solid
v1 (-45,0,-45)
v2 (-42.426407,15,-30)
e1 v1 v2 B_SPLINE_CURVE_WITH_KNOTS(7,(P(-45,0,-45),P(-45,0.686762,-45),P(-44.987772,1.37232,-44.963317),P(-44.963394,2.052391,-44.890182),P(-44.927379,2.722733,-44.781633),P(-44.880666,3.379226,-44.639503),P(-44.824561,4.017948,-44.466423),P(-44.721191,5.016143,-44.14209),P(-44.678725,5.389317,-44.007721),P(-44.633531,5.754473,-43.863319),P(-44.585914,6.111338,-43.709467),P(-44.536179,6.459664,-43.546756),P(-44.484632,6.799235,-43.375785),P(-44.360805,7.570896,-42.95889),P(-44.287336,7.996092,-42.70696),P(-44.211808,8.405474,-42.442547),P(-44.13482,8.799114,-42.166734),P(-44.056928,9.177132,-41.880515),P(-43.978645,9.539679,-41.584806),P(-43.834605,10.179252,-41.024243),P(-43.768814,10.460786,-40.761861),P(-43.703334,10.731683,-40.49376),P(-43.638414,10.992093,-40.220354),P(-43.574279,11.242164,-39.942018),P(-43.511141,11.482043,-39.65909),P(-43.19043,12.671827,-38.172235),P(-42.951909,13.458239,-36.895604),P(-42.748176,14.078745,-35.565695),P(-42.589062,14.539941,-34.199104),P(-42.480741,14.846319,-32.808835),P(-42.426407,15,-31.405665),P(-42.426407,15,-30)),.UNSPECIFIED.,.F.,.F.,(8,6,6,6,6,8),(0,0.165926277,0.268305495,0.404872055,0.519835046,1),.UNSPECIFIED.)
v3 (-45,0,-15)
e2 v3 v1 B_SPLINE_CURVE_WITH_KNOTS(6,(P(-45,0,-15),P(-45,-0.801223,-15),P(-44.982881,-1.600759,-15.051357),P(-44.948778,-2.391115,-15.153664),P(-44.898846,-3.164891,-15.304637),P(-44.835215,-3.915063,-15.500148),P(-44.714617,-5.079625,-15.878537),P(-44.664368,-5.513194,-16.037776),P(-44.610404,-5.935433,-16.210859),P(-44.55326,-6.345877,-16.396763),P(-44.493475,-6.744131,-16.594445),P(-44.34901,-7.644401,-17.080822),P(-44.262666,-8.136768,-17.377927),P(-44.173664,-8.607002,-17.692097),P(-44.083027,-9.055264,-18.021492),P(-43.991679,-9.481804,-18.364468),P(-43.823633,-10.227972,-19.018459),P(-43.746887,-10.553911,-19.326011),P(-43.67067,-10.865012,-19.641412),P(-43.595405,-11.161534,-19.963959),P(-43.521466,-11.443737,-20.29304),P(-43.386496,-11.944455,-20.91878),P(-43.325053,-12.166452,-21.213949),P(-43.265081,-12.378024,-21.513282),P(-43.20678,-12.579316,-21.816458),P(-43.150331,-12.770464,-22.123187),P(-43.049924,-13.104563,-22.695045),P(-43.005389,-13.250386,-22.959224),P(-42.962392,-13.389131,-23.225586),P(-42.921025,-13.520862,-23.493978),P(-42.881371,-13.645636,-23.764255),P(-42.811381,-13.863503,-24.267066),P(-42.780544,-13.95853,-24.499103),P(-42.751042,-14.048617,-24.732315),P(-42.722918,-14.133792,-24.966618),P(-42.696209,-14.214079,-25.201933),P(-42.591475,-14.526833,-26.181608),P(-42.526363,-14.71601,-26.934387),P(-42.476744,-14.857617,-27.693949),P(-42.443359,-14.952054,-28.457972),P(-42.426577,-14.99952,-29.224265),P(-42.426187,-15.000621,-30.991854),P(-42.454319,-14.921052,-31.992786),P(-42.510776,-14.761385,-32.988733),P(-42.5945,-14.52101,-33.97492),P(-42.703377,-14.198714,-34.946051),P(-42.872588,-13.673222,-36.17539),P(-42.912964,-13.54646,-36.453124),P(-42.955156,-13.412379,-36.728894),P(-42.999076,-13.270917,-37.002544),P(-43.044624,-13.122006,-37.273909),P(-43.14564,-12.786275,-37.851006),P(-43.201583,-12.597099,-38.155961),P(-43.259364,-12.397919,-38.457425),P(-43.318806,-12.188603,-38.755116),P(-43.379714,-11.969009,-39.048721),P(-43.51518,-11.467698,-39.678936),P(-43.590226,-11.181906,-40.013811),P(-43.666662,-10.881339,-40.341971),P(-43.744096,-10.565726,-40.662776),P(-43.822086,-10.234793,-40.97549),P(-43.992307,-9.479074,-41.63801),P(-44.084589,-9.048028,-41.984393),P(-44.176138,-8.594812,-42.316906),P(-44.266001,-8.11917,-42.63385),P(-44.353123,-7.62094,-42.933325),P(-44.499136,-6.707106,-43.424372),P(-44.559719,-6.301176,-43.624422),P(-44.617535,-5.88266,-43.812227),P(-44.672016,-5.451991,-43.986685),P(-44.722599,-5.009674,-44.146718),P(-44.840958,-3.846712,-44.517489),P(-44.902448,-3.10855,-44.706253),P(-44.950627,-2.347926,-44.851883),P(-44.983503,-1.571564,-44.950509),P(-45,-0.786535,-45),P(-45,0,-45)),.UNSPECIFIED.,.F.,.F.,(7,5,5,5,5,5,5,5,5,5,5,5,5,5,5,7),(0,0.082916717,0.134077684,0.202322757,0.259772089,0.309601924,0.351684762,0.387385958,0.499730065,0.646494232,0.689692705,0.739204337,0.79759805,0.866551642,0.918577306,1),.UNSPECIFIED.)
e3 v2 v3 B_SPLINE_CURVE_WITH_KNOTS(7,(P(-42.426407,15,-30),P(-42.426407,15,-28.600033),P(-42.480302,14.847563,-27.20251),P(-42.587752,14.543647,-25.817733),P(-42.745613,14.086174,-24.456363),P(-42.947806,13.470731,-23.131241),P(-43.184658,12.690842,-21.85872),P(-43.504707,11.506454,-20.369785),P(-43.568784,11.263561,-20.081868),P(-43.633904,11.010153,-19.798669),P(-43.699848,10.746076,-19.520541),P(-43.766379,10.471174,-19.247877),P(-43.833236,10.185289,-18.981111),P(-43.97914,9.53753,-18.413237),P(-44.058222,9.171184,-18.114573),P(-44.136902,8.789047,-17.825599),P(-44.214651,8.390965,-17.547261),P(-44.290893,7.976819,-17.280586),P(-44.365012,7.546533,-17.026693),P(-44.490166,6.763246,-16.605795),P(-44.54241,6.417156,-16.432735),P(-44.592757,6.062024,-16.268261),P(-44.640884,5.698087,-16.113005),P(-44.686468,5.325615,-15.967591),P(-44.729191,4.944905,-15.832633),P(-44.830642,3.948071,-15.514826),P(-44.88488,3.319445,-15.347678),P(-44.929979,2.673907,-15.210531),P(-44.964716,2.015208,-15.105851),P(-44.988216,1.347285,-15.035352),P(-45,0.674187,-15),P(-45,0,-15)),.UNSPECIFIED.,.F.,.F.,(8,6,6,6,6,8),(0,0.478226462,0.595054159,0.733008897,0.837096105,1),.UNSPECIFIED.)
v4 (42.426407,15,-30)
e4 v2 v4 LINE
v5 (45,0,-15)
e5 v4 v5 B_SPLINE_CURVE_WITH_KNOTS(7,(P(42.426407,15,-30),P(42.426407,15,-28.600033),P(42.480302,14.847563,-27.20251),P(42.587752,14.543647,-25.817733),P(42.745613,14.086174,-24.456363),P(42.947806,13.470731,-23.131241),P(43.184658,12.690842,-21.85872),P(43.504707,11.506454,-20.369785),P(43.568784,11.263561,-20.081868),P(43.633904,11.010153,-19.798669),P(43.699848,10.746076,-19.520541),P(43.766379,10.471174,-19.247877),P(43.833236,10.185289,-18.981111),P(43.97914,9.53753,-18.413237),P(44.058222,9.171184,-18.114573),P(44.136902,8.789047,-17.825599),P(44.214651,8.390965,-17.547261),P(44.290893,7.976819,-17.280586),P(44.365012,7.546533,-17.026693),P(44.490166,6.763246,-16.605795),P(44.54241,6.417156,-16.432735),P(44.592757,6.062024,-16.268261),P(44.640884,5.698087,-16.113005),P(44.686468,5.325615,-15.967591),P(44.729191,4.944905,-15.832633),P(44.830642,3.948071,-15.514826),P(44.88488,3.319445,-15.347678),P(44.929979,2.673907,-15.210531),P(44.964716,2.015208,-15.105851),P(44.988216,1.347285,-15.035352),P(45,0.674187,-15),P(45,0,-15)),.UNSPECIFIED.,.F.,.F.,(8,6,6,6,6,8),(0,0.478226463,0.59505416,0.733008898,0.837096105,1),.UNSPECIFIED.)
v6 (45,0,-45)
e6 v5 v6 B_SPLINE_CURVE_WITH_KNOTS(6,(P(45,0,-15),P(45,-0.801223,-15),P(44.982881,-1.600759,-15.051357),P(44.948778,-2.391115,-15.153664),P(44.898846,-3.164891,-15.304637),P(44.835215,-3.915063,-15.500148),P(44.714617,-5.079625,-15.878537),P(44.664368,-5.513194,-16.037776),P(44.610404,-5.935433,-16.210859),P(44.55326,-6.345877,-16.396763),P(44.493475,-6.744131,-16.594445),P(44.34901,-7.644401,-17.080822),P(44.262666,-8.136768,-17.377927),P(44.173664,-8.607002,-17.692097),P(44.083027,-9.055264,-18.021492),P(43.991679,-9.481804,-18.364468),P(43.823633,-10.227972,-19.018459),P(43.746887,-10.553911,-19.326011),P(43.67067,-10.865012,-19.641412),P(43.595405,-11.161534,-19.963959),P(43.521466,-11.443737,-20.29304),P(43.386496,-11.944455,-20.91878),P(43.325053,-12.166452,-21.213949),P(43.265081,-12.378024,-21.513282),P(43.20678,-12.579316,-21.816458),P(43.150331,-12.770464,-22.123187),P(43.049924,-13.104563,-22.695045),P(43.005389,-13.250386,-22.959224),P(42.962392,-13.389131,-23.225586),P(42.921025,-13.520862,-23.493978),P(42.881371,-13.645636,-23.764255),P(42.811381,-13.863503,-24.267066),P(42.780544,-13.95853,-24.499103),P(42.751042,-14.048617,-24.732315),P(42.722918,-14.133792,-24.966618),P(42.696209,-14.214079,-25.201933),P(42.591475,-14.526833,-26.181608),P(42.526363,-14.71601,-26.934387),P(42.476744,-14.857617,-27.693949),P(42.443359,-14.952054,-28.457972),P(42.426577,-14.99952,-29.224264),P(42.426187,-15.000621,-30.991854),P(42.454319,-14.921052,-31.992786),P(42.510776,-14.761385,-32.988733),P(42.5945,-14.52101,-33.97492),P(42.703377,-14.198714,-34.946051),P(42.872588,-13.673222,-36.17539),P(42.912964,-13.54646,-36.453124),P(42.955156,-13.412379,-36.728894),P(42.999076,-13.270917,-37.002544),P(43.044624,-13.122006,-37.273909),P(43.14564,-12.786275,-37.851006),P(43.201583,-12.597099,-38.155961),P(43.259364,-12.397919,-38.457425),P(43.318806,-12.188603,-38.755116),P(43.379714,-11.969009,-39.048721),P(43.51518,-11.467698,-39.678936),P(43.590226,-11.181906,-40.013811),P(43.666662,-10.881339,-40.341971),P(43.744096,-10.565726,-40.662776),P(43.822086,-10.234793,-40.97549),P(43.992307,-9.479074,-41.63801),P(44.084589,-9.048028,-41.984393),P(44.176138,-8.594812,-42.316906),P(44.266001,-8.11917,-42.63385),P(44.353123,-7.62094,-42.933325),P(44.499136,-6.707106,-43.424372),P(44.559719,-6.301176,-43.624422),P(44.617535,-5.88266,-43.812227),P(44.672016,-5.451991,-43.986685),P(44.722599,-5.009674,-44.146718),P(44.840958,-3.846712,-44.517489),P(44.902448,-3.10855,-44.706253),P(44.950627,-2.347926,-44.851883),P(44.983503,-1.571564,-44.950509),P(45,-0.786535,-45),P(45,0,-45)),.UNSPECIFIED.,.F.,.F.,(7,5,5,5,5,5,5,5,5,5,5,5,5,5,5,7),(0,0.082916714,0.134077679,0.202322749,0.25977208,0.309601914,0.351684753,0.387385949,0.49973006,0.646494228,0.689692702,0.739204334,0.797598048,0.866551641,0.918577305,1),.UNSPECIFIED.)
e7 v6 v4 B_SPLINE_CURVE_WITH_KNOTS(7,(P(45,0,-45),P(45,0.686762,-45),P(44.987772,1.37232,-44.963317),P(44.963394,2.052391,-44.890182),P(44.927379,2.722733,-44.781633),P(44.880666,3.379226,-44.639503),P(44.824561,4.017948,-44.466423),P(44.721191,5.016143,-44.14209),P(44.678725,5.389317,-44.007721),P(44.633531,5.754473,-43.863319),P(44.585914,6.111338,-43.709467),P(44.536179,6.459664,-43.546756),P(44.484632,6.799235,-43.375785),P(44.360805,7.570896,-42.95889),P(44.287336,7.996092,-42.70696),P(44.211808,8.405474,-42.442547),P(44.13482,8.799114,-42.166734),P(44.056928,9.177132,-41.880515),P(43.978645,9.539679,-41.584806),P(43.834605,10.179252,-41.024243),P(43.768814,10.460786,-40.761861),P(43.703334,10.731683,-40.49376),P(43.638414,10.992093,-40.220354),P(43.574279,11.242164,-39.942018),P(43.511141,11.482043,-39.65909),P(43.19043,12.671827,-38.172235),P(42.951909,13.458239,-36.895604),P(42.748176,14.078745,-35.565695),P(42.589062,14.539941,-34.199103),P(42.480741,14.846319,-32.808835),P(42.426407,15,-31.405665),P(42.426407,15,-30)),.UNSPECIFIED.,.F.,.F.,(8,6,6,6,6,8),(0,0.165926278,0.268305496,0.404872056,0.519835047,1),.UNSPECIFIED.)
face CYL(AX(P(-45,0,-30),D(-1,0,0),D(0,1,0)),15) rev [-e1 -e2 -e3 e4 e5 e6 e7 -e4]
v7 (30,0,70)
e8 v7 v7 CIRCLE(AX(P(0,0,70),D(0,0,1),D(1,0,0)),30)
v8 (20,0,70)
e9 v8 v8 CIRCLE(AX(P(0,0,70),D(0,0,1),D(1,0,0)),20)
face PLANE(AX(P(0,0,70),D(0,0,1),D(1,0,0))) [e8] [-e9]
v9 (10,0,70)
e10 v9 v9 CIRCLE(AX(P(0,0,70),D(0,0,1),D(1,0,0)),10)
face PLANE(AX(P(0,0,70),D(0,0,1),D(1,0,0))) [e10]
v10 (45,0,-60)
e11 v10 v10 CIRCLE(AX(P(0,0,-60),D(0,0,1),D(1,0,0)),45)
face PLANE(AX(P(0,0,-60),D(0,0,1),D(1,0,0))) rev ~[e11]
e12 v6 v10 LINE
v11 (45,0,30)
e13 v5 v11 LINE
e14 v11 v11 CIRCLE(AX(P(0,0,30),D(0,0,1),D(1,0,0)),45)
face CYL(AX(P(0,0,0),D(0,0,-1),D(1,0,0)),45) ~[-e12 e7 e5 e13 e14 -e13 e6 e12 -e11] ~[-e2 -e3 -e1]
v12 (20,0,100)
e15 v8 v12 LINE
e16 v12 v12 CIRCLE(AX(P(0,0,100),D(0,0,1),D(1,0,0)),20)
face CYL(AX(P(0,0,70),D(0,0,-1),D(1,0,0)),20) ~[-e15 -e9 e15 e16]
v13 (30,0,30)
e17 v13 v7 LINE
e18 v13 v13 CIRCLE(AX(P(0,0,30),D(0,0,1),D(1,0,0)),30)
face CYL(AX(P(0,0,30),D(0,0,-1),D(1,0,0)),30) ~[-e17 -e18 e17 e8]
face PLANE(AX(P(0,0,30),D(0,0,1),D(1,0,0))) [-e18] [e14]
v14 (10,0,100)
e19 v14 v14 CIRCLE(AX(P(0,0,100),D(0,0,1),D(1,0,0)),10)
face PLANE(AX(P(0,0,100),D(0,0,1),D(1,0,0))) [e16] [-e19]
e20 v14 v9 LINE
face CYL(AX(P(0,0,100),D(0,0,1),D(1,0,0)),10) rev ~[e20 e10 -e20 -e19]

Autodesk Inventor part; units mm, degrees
ref_plane "XZ Plane" through (0, 0, 0) normal (0, 1, 0) x (-1, 0, 0)
sketch "Sketch1" plane through (0, 0, 0) normal (0, 0, 1) x (1, 0, 0)
  circle A0 centre (0, 0) radius 45
  dimension "d0" = 90
extrude "Extrusion1" add sketch "Sketch1" along normal blind 30 and the other way blind 60
sketch "Sketch2" plane through (0, 0, 30) normal (0, 0, 1) x (1, 0, 0)
  circle A0 centre (0, 0) radius 45 projected
  circle A1 centre (0, 0) radius 30
  dimension "d3" = 60
extrude "Extrusion2" add sketch "Sketch2" along normal blind 40 contours A1
sketch "Sketch3" plane through (0, 0, 70) normal (0, 0, 1) x (1, 0, 0)
  circle A0 centre (0, 0) radius 30 projected
  circle A1 centre (0, 0) radius 20
  dimension "d6" = 40
extrude "Extrusion3" add sketch "Sketch3" along normal blind 30 contours A1
sketch "Sketch4" plane through (0, 0, 100) normal (0, 0, 1) x (1, 0, 0)
  circle A0 centre (0, 0) radius 10
  dimension "d9" = 20
extrude "Extrusion4" cut sketch "Sketch4" against normal blind 30
ref_plane "Work Plane1" through (-45, 0, 0) normal (1, 0, 0) x (0, 1, 0)
sketch "Sketch5" plane through (-45, 0, 0) normal (1, 0, 0) x (0, 1, 0)
  point P0 (0, 0)
sketch "Sketch6" plane through (0, 0, 0) normal (1, 0, 0) x (0, 1, 0)
  point P0 (0, 0)
  point P1 (45, 0)
  point P2 (-45, 0)
  point P3 (-30, 0)
  point P4 (30, 0)
ref_plane "Work Plane2" through (-45, 0, 0) normal (1, 0, 0) x (0, 1, 0)
sketch "Sketch7" plane through (-45, 0, 0) normal (1, 0, 0) x (0, 1, 0)
  line L0 (-45, -60) -> (45, -60) projected
  circle A0 centre (0, -30) radius 15
  point P0 (0, 0)
  dimension "d25" = 30
extrude "Extrusion5" cut sketch "Sketch7" along normal through all
sketch "Sketch8" plane through (0, 0, -60) normal (0, 0, -1) x (-1, 0, 0)
  point P0 (0, 0)
properties part number "cad@57"
